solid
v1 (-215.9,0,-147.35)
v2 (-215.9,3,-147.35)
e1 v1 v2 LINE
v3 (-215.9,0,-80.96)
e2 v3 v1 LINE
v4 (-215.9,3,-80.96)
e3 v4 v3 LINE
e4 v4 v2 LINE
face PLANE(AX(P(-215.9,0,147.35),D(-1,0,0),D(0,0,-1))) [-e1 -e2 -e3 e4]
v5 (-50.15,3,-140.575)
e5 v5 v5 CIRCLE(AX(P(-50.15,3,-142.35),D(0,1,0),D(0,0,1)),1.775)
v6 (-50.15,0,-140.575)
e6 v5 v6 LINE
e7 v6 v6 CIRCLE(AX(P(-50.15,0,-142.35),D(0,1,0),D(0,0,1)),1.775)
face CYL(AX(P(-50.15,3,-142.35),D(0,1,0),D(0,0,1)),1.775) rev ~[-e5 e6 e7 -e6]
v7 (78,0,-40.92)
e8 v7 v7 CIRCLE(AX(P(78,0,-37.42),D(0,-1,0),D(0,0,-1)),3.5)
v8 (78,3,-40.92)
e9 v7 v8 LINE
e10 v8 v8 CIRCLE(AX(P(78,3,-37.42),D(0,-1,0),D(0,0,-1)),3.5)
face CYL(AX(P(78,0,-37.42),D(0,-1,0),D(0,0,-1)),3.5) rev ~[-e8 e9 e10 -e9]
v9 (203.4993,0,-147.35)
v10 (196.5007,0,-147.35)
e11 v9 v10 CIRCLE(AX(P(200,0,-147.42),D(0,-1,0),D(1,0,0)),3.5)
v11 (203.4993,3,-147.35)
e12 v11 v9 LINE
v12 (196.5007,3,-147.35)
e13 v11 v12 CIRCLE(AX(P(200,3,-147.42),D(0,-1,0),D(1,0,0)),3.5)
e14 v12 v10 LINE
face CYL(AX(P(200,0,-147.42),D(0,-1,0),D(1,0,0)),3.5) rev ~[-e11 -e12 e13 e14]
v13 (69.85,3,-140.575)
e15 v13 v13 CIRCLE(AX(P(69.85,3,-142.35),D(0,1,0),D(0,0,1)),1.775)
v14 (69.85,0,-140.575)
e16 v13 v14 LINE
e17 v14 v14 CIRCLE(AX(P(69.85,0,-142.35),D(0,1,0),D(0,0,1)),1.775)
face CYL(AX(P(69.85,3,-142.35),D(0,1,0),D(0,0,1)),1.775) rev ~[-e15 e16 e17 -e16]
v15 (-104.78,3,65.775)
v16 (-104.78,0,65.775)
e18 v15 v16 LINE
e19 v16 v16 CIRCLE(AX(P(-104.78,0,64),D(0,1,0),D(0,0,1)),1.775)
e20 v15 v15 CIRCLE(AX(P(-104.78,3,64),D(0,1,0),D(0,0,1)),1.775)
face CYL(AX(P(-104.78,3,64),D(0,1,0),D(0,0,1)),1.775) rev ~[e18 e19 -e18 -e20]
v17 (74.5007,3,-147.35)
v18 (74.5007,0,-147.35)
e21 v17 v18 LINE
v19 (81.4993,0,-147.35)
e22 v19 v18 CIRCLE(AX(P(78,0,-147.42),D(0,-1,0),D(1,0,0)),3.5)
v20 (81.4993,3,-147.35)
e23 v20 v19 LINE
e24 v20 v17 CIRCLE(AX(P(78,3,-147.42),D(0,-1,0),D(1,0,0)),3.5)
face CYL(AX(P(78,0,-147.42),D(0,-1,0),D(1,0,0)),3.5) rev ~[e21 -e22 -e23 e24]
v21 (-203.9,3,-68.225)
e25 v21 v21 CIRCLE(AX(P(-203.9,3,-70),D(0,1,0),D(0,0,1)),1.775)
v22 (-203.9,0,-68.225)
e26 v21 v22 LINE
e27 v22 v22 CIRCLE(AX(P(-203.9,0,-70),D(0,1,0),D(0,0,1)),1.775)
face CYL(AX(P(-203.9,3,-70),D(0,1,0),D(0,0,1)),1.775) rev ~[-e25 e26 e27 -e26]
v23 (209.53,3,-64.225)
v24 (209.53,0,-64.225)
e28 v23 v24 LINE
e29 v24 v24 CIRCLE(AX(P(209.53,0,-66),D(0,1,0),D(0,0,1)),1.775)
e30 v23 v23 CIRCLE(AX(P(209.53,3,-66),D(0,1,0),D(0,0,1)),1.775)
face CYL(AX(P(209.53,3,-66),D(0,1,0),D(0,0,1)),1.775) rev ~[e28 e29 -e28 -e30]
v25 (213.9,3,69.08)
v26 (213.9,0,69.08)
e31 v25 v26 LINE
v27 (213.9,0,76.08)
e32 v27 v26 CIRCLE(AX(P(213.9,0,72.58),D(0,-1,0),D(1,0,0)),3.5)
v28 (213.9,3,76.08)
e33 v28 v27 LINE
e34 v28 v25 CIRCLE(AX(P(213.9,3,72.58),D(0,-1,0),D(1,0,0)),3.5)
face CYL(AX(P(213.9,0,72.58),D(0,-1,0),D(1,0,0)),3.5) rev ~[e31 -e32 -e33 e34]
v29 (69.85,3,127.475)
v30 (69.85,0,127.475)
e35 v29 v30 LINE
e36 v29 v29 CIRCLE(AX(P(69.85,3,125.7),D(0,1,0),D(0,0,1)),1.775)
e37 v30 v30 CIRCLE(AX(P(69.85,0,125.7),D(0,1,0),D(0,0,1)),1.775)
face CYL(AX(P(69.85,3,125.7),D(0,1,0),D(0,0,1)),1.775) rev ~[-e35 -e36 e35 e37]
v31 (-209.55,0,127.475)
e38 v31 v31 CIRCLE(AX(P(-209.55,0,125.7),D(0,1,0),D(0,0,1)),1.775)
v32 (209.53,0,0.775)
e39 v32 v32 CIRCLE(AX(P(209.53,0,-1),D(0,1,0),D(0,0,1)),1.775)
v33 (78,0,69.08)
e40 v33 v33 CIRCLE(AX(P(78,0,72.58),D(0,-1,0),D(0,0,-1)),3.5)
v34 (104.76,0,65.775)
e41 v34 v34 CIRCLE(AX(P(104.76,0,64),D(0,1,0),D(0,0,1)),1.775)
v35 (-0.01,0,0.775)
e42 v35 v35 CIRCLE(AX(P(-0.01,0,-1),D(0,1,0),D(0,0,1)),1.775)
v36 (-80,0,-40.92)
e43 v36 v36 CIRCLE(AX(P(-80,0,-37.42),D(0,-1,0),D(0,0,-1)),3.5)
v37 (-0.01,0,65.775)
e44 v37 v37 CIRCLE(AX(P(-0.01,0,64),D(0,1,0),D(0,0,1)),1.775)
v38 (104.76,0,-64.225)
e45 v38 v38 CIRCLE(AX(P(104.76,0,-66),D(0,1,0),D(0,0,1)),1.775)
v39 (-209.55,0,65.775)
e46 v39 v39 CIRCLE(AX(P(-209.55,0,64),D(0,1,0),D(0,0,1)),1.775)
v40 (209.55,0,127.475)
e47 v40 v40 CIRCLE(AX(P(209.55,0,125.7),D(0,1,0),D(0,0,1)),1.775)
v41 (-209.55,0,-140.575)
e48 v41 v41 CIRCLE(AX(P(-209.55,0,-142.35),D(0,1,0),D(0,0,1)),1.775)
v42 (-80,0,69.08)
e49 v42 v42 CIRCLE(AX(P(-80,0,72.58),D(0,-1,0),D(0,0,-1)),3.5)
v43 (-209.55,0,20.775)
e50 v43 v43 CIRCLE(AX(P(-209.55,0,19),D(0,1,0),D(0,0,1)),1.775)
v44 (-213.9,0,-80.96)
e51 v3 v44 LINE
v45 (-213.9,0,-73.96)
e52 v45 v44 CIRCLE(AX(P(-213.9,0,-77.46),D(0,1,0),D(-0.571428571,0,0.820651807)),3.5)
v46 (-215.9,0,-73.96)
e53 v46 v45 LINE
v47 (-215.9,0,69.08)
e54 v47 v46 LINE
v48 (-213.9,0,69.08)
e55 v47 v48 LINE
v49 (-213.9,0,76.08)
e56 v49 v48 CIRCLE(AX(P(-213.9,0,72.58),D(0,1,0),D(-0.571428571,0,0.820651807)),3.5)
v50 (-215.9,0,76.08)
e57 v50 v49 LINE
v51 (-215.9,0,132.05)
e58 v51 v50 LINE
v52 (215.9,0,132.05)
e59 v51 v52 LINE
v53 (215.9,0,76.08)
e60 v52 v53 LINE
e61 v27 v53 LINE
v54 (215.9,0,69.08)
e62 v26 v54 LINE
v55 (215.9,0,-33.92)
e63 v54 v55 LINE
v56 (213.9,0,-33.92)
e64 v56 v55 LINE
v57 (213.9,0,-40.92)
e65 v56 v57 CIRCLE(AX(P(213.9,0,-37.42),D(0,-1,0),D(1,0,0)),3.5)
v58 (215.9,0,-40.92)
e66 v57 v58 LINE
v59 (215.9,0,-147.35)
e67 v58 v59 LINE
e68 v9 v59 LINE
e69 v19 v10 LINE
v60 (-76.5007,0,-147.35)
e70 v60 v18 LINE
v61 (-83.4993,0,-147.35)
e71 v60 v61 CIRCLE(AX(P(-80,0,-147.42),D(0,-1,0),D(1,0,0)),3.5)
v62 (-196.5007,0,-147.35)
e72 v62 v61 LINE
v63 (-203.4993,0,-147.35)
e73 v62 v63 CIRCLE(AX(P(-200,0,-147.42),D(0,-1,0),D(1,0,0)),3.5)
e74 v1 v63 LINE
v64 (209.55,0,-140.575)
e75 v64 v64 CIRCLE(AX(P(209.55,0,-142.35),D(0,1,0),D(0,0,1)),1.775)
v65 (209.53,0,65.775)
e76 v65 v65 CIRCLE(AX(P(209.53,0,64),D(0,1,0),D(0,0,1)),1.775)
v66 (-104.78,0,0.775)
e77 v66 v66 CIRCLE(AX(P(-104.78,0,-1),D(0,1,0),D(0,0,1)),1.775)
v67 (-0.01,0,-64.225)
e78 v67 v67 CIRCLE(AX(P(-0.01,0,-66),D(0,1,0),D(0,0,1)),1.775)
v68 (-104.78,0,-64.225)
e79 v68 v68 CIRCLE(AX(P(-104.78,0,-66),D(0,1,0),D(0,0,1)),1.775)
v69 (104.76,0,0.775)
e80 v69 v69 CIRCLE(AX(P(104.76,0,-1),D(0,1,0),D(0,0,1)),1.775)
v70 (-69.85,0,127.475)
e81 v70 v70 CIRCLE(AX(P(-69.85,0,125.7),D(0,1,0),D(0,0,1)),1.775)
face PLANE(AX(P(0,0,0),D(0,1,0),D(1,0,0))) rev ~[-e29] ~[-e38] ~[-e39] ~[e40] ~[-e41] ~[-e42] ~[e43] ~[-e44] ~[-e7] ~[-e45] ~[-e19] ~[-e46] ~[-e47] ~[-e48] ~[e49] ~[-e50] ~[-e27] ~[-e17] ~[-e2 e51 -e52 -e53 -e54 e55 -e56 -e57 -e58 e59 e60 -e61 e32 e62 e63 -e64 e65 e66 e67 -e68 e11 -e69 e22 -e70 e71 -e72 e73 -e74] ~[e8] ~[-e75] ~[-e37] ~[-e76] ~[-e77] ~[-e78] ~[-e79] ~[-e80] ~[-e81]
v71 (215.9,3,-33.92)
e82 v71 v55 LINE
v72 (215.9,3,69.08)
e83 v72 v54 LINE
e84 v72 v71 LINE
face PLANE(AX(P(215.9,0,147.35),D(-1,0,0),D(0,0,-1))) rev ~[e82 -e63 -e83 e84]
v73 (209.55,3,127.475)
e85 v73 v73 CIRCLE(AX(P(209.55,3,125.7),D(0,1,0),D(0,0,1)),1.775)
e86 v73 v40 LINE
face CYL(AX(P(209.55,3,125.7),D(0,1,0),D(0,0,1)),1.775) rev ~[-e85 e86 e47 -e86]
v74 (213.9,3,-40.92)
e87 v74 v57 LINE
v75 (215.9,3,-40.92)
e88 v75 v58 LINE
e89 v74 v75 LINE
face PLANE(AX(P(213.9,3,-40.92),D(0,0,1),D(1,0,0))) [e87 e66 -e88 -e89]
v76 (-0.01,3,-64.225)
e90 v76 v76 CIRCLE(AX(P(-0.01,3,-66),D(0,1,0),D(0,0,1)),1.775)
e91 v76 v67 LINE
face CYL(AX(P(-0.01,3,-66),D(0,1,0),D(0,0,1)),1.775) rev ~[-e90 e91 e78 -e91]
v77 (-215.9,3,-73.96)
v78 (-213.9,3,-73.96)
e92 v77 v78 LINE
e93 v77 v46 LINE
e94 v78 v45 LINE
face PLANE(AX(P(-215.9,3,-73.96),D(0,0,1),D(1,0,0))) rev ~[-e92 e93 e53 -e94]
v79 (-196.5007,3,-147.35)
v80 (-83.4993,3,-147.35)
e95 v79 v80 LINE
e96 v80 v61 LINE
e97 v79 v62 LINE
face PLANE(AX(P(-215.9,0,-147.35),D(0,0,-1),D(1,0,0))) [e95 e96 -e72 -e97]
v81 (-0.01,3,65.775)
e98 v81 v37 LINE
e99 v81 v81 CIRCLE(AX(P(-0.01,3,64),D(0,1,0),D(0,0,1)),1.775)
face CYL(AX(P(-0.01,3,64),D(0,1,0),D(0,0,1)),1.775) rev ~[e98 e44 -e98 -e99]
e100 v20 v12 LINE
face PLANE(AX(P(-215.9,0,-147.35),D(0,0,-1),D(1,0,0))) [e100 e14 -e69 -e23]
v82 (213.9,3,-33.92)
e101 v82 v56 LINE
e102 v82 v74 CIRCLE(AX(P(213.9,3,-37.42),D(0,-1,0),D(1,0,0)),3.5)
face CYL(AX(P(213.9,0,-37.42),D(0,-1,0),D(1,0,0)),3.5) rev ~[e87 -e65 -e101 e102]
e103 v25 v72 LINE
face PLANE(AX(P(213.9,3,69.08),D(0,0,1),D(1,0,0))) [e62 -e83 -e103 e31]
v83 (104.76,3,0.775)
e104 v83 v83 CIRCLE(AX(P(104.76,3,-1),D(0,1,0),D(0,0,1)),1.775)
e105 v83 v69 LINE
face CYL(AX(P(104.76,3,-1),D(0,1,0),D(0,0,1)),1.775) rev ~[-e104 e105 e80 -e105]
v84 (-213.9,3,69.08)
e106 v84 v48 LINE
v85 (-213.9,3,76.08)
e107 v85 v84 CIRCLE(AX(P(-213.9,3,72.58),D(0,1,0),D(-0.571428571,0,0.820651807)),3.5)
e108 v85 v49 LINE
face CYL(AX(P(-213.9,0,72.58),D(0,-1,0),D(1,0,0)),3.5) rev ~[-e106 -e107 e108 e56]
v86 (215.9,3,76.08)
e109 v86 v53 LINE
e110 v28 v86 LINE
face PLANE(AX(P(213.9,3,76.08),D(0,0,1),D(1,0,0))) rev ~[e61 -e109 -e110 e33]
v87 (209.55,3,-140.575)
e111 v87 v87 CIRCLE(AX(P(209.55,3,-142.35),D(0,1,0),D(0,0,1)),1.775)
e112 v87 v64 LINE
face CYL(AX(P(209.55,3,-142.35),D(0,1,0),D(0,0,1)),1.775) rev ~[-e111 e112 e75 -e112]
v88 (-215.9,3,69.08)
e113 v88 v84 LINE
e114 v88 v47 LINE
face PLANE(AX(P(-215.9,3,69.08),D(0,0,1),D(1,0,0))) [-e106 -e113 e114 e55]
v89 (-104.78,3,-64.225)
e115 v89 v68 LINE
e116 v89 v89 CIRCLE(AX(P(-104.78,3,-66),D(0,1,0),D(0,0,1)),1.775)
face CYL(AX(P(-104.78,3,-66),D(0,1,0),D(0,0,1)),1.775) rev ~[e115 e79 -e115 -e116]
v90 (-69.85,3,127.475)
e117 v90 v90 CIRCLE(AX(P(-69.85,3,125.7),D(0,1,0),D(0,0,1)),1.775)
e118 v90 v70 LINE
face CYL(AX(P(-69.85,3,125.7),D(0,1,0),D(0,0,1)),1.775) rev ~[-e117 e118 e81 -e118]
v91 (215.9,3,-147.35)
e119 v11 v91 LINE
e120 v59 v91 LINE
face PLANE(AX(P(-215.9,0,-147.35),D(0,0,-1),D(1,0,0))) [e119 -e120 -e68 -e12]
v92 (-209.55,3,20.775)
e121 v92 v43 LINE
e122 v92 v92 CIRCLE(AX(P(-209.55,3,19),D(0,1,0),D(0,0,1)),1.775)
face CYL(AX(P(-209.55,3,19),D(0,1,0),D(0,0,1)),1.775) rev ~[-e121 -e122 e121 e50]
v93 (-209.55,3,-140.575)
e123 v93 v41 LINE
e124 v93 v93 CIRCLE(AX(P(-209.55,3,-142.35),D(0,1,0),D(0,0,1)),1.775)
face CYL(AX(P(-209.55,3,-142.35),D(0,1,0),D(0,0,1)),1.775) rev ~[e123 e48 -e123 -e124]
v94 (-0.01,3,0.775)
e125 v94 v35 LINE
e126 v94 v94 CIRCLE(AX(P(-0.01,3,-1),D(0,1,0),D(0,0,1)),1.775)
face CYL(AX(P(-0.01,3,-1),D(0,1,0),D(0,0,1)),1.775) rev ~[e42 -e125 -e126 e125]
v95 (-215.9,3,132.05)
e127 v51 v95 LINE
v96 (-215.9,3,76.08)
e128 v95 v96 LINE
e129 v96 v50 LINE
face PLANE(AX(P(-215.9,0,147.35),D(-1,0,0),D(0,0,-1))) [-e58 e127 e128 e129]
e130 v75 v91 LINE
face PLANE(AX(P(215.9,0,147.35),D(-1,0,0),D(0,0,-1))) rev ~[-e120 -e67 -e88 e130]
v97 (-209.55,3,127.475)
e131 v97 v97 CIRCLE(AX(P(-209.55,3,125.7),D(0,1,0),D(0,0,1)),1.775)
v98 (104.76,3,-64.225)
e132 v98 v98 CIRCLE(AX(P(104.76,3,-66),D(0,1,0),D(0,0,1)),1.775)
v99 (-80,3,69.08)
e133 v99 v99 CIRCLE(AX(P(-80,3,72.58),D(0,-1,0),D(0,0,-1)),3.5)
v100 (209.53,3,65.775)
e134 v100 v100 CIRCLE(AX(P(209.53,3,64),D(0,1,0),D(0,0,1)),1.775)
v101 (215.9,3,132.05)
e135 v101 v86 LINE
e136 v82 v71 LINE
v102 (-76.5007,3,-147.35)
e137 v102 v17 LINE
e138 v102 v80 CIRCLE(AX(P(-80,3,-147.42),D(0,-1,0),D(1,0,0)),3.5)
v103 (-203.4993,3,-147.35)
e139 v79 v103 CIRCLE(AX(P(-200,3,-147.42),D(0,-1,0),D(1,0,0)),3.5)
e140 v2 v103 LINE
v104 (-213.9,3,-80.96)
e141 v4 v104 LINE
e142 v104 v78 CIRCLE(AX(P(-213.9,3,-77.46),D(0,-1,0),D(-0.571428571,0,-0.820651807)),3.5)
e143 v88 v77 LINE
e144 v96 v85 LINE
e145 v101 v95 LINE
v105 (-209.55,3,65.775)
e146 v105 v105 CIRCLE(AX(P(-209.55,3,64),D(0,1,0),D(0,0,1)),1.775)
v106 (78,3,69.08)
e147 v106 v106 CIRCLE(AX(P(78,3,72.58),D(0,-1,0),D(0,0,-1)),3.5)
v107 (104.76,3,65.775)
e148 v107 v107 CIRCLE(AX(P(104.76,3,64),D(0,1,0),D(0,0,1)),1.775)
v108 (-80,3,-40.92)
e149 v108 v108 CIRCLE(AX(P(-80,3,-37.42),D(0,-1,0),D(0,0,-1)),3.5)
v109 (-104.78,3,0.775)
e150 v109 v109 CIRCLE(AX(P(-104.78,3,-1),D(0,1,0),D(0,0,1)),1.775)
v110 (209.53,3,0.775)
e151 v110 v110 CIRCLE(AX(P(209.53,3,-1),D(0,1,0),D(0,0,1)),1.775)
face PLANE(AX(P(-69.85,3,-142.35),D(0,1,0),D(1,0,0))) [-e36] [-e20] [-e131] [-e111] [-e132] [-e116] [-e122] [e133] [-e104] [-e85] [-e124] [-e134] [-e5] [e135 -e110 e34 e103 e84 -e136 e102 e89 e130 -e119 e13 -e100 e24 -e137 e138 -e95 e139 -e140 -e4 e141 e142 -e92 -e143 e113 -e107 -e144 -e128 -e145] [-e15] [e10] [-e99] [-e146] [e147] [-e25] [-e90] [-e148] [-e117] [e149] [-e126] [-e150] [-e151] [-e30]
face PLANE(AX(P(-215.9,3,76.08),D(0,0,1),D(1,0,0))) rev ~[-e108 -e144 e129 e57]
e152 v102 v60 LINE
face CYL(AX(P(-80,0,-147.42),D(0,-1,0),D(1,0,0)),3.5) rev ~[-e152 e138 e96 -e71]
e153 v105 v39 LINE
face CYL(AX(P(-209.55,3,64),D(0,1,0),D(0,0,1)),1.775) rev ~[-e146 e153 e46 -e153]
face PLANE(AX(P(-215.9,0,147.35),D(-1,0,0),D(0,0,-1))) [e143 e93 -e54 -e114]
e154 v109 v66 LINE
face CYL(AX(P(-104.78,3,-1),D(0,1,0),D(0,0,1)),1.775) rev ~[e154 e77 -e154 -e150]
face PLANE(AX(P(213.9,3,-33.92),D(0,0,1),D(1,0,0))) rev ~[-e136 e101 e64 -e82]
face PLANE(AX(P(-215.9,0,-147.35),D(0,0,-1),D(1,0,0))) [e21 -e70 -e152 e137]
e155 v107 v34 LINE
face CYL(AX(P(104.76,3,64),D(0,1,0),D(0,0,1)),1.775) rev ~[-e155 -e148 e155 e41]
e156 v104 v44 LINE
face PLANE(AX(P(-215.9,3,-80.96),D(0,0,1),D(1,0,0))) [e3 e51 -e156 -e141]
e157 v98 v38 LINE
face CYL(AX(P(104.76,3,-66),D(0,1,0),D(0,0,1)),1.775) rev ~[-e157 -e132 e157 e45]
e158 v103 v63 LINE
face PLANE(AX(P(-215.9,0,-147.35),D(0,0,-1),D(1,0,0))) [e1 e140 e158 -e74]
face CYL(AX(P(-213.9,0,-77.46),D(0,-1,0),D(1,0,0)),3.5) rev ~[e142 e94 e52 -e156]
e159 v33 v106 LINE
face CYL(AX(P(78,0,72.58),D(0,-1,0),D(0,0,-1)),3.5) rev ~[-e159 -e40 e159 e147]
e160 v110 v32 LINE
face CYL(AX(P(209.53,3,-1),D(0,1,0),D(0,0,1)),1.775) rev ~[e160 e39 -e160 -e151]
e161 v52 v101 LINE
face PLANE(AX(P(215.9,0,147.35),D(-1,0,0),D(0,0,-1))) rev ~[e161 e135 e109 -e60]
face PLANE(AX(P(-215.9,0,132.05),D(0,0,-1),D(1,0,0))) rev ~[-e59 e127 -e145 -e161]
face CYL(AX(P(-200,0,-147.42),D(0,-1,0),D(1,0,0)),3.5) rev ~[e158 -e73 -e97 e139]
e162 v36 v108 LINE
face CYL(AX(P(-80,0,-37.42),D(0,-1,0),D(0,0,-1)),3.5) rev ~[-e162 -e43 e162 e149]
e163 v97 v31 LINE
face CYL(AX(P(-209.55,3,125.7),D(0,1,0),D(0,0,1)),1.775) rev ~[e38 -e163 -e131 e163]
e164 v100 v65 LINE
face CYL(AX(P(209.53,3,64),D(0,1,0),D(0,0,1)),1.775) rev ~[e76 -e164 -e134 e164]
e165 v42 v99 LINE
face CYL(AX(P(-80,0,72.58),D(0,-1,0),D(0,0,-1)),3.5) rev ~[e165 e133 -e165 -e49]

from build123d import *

# Parameters (mm, degrees)
SKETCH1_W            = 431.8
SKETCH1_H            = 294.7
BOSS_EXTRUDE1_DEPTH  = 3
SKETCH2_R            = 1.775
CUT_EXTRUDE1_DEPTH   = 262.407407125
LPATTERN1_COUNT      = 4
LPATTERN1_PITCH      = 139.7
SKETCH3_R            = 1.775
CUT_EXTRUDE2_DEPTH   = 262.407407125
LPATTERN2_COUNT      = 5
LPATTERN2_PITCH      = 104.77
LPATTERN2_COUNT_DIR2 = 3
LPATTERN2_PITCH_DIR2 = 65
SKETCH4_R            = 1.775
CUT_EXTRUDE3_DEPTH   = 10
SKETCH7_R            = 3.5
CUT_EXTRUDE5_DEPTH   = 262.407407125
SKETCH8_W            = 2
SKETCH8_H            = 7
CUT_EXTRUDE6_DEPTH   = 262.407407125
SKETCH9_W            = 431.8
SKETCH9_H            = 15.3
CUT_EXTRUDE7_DEPTH   = 262.407407125
SKETCH11_R           = 1.775
BOSS_EXTRUDE3_DEPTH  = 3
SKETCH12_R           = 1.775
CUT_EXTRUDE8_DEPTH   = 262.407407125


with BuildPart() as part:
    # Sketch1 → Boss-Extrude1 (new body)
    with BuildSketch(Plane(origin=(0, 0, 0), x_dir=(1, 0, 0), z_dir=(0, 1, 0))):
        Rectangle(SKETCH1_W, SKETCH1_H)
    extrude(amount=BOSS_EXTRUDE1_DEPTH)

    # Sketch2 → Cut-Extrude1 (cut, through all)
    with BuildSketch(Plane(origin=(0, 3, 0), x_dir=(1, 0, 0), z_dir=(0, 1, 0))):
        with Locations(Location((-209.55, -125.7, 0), (0, 0, 270))):
            Circle(SKETCH2_R)
        with Locations(Location((-209.55, 142.35, 0), (0, 0, 270))):
            Circle(SKETCH2_R)
    cut_extrude1 = extrude(amount=-CUT_EXTRUDE1_DEPTH, mode=Mode.SUBTRACT)

    # LPattern1: Cut-Extrude1 ×4
    with Locations(*[(i * LPATTERN1_PITCH, 0, 0) for i in range(1, LPATTERN1_COUNT)]):
        add(cut_extrude1, mode=Mode.SUBTRACT)

    # Sketch3 → Cut-Extrude2 (cut, through all)
    with BuildSketch(Plane(origin=(0, 3, 0), x_dir=(1, 0, 0), z_dir=(0, 1, 0))):
        with Locations(Location((-209.55, -64, 0), (0, 0, 270))):
            Circle(SKETCH3_R)
    cut_extrude2 = extrude(amount=-CUT_EXTRUDE2_DEPTH, mode=Mode.SUBTRACT)

    # LPattern2: Cut-Extrude2 5 × 3, 2 skipped
    with Locations(*[(i * LPATTERN2_PITCH, 0, -j * LPATTERN2_PITCH_DIR2) for i in range(LPATTERN2_COUNT) for j in range(LPATTERN2_COUNT_DIR2) if (i, j) not in ((0, 0), (0, 1), (0, 2))]):
        add(cut_extrude2, mode=Mode.SUBTRACT)

    # Sketch4 → Cut-Extrude3 (cut)
    with BuildSketch(Plane(origin=(0, 3, 0), x_dir=(1, 0, 0), z_dir=(0, 1, 0))):
        with Locations(Location((-203.9, 70, 0), (0, 0, 270))):
            Circle(SKETCH4_R)
        with Locations(Location((-209.55, -19, 0), (0, 0, 270))):
            Circle(SKETCH4_R)
    extrude(amount=-CUT_EXTRUDE3_DEPTH, mode=Mode.SUBTRACT)

    # Sketch7 → Cut-Extrude5 (cut, through all)
    with BuildSketch(Plane.XZ):
        with Locations((-213.9, -77.46)):
            Circle(SKETCH7_R)
        with Locations((-213.9, 72.58)):
            Circle(SKETCH7_R)
        with Locations((213.9, 72.58)):
            Circle(SKETCH7_R)
        with Locations((213.9, -37.42)):
            Circle(SKETCH7_R)
        with Locations((200, -147.42)):
            Circle(SKETCH7_R)
        with Locations((78, -147.42)):
            Circle(SKETCH7_R)
        with Locations((-80, -147.42)):
            Circle(SKETCH7_R)
        with Locations(Location((-80, -37.42, 0), (0, 0, 270))):
            Circle(SKETCH7_R)
        with Locations(Location((78, -37.42, 0), (0, 0, 270))):
            Circle(SKETCH7_R)
        with Locations(Location((78, 72.58, 0), (0, 0, 270))):
            Circle(SKETCH7_R)
        with Locations(Location((-80, 72.58, 0), (0, 0, 270))):
            Circle(SKETCH7_R)
        with Locations((-200, -147.42)):
            Circle(SKETCH7_R)
    extrude(amount=-CUT_EXTRUDE5_DEPTH, mode=Mode.SUBTRACT)

    # Sketch8 → Cut-Extrude6 (cut, through all)
    with BuildSketch(Plane(origin=(0, 3, 0), x_dir=(1, 0, 0), z_dir=(0, 1, 0))):
        with Locations((214.9, 37.42)):
            Rectangle(SKETCH8_W, SKETCH8_H)
        with Locations((214.9, -72.58)):
            Rectangle(SKETCH8_W, SKETCH8_H)
        with Locations((-214.9, 77.46)):
            Rectangle(SKETCH8_W, SKETCH8_H)
        with Locations((-214.9, -72.58)):
            Rectangle(SKETCH8_W, SKETCH8_H)
    extrude(amount=-CUT_EXTRUDE6_DEPTH, mode=Mode.SUBTRACT)

    # Sketch9 → Cut-Extrude7 (cut, through all)
    with BuildSketch(Plane.XZ):
        with Locations((0, 139.7)):
            Rectangle(SKETCH9_W, SKETCH9_H)
    extrude(amount=-CUT_EXTRUDE7_DEPTH, mode=Mode.SUBTRACT)

    # Sketch11 → Boss-Extrude3 (add)
    with BuildSketch(Plane(origin=(0, 3, 0), x_dir=(1, 0, 0), z_dir=(0, 1, 0))):
        with Locations((-69.85, 142.35)):
            Circle(SKETCH11_R)
    extrude(amount=-BOSS_EXTRUDE3_DEPTH)

    # Sketch12 → Cut-Extrude8 (cut, through all)
    with BuildSketch(Plane(origin=(0, 3, 0), x_dir=(1, 0, 0), z_dir=(0, 1, 0))):
        with Locations(Location((-50.15, 142.35, 0), (0, 0, 270))):
            Circle(SKETCH12_R)
    extrude(amount=-CUT_EXTRUDE8_DEPTH, mode=Mode.SUBTRACT)


solid = part.part
